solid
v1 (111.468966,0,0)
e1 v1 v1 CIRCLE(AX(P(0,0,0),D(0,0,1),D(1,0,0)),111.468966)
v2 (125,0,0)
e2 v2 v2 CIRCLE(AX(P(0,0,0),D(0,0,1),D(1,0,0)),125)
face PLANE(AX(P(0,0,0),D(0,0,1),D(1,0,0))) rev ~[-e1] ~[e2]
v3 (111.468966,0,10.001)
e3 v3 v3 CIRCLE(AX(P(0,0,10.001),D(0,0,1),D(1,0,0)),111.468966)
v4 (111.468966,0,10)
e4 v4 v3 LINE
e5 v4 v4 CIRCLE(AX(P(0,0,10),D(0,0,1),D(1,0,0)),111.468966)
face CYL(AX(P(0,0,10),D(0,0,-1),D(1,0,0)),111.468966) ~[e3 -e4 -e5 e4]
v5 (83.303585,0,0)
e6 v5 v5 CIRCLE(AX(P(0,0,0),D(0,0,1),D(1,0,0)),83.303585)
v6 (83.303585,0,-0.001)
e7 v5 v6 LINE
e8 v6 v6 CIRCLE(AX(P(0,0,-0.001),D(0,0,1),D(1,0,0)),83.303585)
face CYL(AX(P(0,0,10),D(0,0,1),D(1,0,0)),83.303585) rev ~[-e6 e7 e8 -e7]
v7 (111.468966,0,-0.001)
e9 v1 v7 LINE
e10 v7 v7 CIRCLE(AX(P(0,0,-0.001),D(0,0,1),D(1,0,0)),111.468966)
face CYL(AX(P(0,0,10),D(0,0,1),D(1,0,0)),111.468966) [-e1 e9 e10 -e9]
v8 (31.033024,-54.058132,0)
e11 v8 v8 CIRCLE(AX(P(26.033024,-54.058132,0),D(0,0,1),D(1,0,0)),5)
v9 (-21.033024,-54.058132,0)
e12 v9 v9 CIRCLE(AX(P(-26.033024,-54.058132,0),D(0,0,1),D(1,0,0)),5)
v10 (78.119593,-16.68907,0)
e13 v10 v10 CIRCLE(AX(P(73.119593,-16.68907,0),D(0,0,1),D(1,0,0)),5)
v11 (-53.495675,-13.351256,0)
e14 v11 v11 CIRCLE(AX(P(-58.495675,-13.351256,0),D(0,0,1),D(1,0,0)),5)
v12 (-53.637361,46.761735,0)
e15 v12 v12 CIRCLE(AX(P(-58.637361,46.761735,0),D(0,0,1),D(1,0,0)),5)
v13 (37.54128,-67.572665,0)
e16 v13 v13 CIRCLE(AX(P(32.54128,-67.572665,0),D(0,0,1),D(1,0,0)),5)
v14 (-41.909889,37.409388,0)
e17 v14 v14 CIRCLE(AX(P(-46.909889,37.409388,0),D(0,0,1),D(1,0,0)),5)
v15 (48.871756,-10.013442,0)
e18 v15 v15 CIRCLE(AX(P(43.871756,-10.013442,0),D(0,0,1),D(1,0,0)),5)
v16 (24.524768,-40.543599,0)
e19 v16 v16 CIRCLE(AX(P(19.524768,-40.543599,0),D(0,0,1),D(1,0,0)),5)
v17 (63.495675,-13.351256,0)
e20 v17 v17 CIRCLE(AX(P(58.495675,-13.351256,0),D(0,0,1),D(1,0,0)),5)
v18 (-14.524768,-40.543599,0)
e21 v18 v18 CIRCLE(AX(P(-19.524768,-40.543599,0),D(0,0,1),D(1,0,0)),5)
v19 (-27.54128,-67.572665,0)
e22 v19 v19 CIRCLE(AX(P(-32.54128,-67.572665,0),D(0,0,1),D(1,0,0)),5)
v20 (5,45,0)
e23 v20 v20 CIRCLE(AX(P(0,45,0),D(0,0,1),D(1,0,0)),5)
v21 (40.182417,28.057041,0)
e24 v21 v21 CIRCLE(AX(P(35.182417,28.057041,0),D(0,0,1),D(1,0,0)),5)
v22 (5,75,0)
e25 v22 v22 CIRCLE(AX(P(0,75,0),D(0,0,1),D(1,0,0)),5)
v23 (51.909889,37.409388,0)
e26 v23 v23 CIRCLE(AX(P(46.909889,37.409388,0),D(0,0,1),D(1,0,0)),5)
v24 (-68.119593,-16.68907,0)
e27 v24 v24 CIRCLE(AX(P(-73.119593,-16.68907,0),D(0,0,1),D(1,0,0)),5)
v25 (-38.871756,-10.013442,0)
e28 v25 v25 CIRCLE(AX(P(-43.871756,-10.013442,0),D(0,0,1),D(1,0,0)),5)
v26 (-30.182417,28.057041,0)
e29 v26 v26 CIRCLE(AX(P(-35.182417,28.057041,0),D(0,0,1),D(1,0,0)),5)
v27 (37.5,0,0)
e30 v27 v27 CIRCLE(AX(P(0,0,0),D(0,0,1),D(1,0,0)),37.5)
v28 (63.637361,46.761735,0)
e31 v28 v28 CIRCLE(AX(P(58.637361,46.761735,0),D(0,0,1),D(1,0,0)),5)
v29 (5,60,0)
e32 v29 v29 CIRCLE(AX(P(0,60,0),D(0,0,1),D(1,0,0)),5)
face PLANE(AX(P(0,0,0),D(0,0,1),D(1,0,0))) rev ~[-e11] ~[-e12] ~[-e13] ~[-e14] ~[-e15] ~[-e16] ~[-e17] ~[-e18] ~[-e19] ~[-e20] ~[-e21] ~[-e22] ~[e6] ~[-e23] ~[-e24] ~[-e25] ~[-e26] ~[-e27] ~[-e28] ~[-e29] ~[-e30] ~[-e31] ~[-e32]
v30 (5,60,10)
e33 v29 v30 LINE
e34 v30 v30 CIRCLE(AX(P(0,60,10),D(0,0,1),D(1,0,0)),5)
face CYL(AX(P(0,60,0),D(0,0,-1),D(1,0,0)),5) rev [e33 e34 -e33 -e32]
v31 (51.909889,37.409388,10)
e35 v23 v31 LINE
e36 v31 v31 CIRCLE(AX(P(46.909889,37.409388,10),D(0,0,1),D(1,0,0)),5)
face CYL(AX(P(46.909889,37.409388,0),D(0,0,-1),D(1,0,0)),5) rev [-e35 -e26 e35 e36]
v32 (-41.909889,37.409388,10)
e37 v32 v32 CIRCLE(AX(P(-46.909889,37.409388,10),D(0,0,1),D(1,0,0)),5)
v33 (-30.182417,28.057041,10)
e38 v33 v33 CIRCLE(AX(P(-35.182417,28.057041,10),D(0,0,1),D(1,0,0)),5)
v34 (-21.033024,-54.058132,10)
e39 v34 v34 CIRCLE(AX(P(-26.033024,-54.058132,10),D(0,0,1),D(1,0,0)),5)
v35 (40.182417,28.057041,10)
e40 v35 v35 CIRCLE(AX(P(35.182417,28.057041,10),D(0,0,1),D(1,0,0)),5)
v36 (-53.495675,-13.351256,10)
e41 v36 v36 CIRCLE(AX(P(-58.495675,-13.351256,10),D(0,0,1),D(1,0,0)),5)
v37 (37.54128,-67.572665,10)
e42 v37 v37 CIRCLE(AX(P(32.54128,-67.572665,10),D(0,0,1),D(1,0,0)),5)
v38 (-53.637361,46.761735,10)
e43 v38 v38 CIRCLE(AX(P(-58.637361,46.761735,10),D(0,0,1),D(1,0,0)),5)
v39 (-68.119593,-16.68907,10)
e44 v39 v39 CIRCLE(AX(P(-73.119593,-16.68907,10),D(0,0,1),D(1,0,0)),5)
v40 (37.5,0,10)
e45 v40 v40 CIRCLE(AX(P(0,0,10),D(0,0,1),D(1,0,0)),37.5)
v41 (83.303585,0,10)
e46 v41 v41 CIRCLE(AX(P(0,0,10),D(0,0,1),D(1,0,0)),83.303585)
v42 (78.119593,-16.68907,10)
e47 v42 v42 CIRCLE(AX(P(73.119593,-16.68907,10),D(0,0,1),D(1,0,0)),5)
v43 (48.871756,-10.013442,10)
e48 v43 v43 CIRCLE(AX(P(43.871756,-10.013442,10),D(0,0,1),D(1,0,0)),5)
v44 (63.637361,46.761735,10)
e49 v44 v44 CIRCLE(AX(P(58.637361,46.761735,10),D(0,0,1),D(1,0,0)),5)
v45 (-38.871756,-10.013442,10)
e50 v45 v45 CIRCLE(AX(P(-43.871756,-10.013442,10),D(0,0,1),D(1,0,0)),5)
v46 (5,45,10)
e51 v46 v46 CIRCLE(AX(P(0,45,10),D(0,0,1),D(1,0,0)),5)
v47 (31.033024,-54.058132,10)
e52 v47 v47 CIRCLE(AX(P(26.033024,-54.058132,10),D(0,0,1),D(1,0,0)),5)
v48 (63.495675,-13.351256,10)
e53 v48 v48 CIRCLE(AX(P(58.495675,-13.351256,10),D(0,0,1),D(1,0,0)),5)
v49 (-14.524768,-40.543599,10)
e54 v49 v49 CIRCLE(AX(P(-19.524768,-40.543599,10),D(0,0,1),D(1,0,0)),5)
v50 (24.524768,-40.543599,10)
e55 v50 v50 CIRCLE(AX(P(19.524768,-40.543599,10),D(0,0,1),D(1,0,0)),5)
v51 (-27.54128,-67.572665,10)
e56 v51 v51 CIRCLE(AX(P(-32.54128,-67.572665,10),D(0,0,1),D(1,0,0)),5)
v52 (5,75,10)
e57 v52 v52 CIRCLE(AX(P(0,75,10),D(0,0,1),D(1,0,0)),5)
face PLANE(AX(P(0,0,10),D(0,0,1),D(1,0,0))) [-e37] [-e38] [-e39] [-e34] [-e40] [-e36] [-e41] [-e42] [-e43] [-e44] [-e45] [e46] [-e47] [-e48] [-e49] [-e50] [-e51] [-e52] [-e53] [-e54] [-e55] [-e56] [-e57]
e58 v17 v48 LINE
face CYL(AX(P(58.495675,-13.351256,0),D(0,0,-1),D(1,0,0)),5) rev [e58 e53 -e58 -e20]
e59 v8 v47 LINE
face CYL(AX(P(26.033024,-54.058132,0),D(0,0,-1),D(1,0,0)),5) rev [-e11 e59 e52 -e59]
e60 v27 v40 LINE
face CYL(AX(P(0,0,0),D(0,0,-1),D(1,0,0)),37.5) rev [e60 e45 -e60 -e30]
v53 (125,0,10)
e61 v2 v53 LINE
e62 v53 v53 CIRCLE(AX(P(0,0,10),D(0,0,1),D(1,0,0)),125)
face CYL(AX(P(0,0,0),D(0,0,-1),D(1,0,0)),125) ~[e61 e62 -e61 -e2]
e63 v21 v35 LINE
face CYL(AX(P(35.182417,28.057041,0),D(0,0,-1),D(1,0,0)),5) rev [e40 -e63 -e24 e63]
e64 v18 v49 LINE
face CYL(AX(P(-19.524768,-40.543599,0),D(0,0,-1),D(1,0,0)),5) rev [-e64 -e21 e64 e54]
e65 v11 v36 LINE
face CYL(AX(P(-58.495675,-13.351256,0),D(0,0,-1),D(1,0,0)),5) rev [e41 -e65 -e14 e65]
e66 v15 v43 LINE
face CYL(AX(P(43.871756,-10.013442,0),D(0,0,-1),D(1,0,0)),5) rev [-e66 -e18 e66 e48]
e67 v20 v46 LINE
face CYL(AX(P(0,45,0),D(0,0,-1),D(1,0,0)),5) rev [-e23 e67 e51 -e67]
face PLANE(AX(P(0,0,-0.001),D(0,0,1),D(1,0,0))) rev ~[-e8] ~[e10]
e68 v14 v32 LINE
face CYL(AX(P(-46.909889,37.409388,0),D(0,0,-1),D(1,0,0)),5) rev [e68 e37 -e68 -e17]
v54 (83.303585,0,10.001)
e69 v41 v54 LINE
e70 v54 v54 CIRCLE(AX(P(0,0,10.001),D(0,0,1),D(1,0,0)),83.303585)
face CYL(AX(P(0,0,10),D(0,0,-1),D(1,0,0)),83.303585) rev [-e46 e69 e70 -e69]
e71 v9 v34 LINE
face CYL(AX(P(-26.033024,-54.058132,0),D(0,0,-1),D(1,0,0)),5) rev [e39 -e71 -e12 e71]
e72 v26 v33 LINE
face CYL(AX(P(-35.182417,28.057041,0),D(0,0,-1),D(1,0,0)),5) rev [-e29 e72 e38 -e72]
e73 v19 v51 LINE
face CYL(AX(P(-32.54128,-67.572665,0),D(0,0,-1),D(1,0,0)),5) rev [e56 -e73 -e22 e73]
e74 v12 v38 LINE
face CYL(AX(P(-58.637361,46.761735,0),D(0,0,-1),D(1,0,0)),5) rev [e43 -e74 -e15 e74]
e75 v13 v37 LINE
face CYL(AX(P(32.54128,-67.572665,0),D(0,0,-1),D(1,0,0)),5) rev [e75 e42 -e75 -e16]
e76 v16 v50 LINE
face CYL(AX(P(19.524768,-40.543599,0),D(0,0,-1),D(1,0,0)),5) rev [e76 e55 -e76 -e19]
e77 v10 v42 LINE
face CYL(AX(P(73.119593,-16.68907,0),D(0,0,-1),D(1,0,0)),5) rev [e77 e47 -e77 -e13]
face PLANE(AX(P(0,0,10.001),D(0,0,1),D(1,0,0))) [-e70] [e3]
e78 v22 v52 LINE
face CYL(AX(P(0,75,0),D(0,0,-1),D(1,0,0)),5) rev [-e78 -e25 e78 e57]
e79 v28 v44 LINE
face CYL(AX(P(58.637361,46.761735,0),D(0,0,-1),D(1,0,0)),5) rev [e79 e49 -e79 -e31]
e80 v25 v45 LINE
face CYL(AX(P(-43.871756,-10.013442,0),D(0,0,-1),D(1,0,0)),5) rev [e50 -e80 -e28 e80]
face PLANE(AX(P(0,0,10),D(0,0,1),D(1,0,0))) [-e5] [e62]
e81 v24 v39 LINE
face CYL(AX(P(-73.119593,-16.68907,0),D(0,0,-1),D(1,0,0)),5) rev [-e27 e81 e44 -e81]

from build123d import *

# Parameters (mm, degrees)
SKETCH1_R           = 125
SKETCH1_R_2         = 37.5
SKETCH1_R_3         = 5
BOSS_EXTRUDE2_DEPTH = 10
SKETCH2_R           = 111.468965798
SKETCH2_R_2         = 83.303584862
BOSS_EXTRUDE3_DEPTH = 10.001
BOSS_EXTRUDE4_START = 0.001
SKETCH2_2_R         = 111.468965798
SKETCH2_2_R_2       = 83.303584862
BOSS_EXTRUDE4_DEPTH = 0.001


with BuildPart() as part:
    # Sketch1 → Boss-Extrude2 (new body)
    with BuildSketch(Plane.XY):
        Circle(SKETCH1_R)
        Circle(SKETCH1_R_2, mode=Mode.SUBTRACT)
        with Locations((0, 45)):
            Circle(SKETCH1_R_3, mode=Mode.SUBTRACT)
        with Locations((0, 60)):
            Circle(SKETCH1_R_3, mode=Mode.SUBTRACT)
        with Locations((0, 75)):
            Circle(SKETCH1_R_3, mode=Mode.SUBTRACT)
        with Locations((0, 90)):
            Circle(SKETCH1_R_3, mode=Mode.SUBTRACT)
        with Locations((0, 105)):
            Circle(SKETCH1_R_3, mode=Mode.SUBTRACT)
        with Locations((82.092305659, 65.466429195)):
            Circle(SKETCH1_R_3, mode=Mode.SUBTRACT)
        with Locations((70.364833422, 56.114082167)):
            Circle(SKETCH1_R_3, mode=Mode.SUBTRACT)
        with Locations((58.637361185, 46.761735139)):
            Circle(SKETCH1_R_3, mode=Mode.SUBTRACT)
        with Locations((46.909888948, 37.409388112)):
            Circle(SKETCH1_R_3, mode=Mode.SUBTRACT)
        with Locations((35.182416711, 28.057041084)):
            Circle(SKETCH1_R_3, mode=Mode.SUBTRACT)
        with Locations((102.367430779, -23.364698065)):
            Circle(SKETCH1_R_3, mode=Mode.SUBTRACT)
        with Locations((87.743512096, -20.026884056)):
            Circle(SKETCH1_R_3, mode=Mode.SUBTRACT)
        with Locations((73.119593414, -16.689070047)):
            Circle(SKETCH1_R_3, mode=Mode.SUBTRACT)
        with Locations((58.495674731, -13.351256037)):
            Circle(SKETCH1_R_3, mode=Mode.SUBTRACT)
        with Locations((43.871756048, -10.013442028)):
            Circle(SKETCH1_R_3, mode=Mode.SUBTRACT)
        with Locations((45.557792607, -94.60173113)):
            Circle(SKETCH1_R_3, mode=Mode.SUBTRACT)
        with Locations((39.049536521, -81.087198111)):
            Circle(SKETCH1_R_3, mode=Mode.SUBTRACT)
        with Locations((32.541280434, -67.572665093)):
            Circle(SKETCH1_R_3, mode=Mode.SUBTRACT)
        with Locations((26.033024347, -54.058132074)):
            Circle(SKETCH1_R_3, mode=Mode.SUBTRACT)
        with Locations((19.52476826, -40.543599056)):
            Circle(SKETCH1_R_3, mode=Mode.SUBTRACT)
        with Locations((-45.557792607, -94.60173113)):
            Circle(SKETCH1_R_3, mode=Mode.SUBTRACT)
        with Locations((-39.049536521, -81.087198111)):
            Circle(SKETCH1_R_3, mode=Mode.SUBTRACT)
        with Locations((-32.541280434, -67.572665093)):
            Circle(SKETCH1_R_3, mode=Mode.SUBTRACT)
        with Locations((-26.033024347, -54.058132074)):
            Circle(SKETCH1_R_3, mode=Mode.SUBTRACT)
        with Locations((-19.52476826, -40.543599056)):
            Circle(SKETCH1_R_3, mode=Mode.SUBTRACT)
        with Locations((-102.367430779, -23.364698065)):
            Circle(SKETCH1_R_3, mode=Mode.SUBTRACT)
        with Locations((-87.743512096, -20.026884056)):
            Circle(SKETCH1_R_3, mode=Mode.SUBTRACT)
        with Locations((-73.119593414, -16.689070047)):
            Circle(SKETCH1_R_3, mode=Mode.SUBTRACT)
        with Locations((-58.495674731, -13.351256037)):
            Circle(SKETCH1_R_3, mode=Mode.SUBTRACT)
        with Locations((-43.871756048, -10.013442028)):
            Circle(SKETCH1_R_3, mode=Mode.SUBTRACT)
        with Locations((-82.092305659, 65.466429195)):
            Circle(SKETCH1_R_3, mode=Mode.SUBTRACT)
        with Locations((-70.364833422, 56.114082167)):
            Circle(SKETCH1_R_3, mode=Mode.SUBTRACT)
        with Locations((-58.637361185, 46.761735139)):
            Circle(SKETCH1_R_3, mode=Mode.SUBTRACT)
        with Locations((-46.909888948, 37.409388112)):
            Circle(SKETCH1_R_3, mode=Mode.SUBTRACT)
        with Locations((-35.182416711, 28.057041084)):
            Circle(SKETCH1_R_3, mode=Mode.SUBTRACT)
    extrude(amount=BOSS_EXTRUDE2_DEPTH)

    # Sketch2 → Boss-Extrude3 (add)
    with BuildSketch(Plane.XY.offset(10)):
        Circle(SKETCH2_R)
        Circle(SKETCH2_R_2, mode=Mode.SUBTRACT)
    extrude(amount=-BOSS_EXTRUDE3_DEPTH)

    # Sketch2<2> → Boss-Extrude4 (add)
    with BuildSketch(Plane.XY.offset(10).offset(BOSS_EXTRUDE4_START)):
        Circle(SKETCH2_2_R)
        Circle(SKETCH2_2_R_2, mode=Mode.SUBTRACT)
    extrude(amount=-BOSS_EXTRUDE4_DEPTH)


solid = part.part
